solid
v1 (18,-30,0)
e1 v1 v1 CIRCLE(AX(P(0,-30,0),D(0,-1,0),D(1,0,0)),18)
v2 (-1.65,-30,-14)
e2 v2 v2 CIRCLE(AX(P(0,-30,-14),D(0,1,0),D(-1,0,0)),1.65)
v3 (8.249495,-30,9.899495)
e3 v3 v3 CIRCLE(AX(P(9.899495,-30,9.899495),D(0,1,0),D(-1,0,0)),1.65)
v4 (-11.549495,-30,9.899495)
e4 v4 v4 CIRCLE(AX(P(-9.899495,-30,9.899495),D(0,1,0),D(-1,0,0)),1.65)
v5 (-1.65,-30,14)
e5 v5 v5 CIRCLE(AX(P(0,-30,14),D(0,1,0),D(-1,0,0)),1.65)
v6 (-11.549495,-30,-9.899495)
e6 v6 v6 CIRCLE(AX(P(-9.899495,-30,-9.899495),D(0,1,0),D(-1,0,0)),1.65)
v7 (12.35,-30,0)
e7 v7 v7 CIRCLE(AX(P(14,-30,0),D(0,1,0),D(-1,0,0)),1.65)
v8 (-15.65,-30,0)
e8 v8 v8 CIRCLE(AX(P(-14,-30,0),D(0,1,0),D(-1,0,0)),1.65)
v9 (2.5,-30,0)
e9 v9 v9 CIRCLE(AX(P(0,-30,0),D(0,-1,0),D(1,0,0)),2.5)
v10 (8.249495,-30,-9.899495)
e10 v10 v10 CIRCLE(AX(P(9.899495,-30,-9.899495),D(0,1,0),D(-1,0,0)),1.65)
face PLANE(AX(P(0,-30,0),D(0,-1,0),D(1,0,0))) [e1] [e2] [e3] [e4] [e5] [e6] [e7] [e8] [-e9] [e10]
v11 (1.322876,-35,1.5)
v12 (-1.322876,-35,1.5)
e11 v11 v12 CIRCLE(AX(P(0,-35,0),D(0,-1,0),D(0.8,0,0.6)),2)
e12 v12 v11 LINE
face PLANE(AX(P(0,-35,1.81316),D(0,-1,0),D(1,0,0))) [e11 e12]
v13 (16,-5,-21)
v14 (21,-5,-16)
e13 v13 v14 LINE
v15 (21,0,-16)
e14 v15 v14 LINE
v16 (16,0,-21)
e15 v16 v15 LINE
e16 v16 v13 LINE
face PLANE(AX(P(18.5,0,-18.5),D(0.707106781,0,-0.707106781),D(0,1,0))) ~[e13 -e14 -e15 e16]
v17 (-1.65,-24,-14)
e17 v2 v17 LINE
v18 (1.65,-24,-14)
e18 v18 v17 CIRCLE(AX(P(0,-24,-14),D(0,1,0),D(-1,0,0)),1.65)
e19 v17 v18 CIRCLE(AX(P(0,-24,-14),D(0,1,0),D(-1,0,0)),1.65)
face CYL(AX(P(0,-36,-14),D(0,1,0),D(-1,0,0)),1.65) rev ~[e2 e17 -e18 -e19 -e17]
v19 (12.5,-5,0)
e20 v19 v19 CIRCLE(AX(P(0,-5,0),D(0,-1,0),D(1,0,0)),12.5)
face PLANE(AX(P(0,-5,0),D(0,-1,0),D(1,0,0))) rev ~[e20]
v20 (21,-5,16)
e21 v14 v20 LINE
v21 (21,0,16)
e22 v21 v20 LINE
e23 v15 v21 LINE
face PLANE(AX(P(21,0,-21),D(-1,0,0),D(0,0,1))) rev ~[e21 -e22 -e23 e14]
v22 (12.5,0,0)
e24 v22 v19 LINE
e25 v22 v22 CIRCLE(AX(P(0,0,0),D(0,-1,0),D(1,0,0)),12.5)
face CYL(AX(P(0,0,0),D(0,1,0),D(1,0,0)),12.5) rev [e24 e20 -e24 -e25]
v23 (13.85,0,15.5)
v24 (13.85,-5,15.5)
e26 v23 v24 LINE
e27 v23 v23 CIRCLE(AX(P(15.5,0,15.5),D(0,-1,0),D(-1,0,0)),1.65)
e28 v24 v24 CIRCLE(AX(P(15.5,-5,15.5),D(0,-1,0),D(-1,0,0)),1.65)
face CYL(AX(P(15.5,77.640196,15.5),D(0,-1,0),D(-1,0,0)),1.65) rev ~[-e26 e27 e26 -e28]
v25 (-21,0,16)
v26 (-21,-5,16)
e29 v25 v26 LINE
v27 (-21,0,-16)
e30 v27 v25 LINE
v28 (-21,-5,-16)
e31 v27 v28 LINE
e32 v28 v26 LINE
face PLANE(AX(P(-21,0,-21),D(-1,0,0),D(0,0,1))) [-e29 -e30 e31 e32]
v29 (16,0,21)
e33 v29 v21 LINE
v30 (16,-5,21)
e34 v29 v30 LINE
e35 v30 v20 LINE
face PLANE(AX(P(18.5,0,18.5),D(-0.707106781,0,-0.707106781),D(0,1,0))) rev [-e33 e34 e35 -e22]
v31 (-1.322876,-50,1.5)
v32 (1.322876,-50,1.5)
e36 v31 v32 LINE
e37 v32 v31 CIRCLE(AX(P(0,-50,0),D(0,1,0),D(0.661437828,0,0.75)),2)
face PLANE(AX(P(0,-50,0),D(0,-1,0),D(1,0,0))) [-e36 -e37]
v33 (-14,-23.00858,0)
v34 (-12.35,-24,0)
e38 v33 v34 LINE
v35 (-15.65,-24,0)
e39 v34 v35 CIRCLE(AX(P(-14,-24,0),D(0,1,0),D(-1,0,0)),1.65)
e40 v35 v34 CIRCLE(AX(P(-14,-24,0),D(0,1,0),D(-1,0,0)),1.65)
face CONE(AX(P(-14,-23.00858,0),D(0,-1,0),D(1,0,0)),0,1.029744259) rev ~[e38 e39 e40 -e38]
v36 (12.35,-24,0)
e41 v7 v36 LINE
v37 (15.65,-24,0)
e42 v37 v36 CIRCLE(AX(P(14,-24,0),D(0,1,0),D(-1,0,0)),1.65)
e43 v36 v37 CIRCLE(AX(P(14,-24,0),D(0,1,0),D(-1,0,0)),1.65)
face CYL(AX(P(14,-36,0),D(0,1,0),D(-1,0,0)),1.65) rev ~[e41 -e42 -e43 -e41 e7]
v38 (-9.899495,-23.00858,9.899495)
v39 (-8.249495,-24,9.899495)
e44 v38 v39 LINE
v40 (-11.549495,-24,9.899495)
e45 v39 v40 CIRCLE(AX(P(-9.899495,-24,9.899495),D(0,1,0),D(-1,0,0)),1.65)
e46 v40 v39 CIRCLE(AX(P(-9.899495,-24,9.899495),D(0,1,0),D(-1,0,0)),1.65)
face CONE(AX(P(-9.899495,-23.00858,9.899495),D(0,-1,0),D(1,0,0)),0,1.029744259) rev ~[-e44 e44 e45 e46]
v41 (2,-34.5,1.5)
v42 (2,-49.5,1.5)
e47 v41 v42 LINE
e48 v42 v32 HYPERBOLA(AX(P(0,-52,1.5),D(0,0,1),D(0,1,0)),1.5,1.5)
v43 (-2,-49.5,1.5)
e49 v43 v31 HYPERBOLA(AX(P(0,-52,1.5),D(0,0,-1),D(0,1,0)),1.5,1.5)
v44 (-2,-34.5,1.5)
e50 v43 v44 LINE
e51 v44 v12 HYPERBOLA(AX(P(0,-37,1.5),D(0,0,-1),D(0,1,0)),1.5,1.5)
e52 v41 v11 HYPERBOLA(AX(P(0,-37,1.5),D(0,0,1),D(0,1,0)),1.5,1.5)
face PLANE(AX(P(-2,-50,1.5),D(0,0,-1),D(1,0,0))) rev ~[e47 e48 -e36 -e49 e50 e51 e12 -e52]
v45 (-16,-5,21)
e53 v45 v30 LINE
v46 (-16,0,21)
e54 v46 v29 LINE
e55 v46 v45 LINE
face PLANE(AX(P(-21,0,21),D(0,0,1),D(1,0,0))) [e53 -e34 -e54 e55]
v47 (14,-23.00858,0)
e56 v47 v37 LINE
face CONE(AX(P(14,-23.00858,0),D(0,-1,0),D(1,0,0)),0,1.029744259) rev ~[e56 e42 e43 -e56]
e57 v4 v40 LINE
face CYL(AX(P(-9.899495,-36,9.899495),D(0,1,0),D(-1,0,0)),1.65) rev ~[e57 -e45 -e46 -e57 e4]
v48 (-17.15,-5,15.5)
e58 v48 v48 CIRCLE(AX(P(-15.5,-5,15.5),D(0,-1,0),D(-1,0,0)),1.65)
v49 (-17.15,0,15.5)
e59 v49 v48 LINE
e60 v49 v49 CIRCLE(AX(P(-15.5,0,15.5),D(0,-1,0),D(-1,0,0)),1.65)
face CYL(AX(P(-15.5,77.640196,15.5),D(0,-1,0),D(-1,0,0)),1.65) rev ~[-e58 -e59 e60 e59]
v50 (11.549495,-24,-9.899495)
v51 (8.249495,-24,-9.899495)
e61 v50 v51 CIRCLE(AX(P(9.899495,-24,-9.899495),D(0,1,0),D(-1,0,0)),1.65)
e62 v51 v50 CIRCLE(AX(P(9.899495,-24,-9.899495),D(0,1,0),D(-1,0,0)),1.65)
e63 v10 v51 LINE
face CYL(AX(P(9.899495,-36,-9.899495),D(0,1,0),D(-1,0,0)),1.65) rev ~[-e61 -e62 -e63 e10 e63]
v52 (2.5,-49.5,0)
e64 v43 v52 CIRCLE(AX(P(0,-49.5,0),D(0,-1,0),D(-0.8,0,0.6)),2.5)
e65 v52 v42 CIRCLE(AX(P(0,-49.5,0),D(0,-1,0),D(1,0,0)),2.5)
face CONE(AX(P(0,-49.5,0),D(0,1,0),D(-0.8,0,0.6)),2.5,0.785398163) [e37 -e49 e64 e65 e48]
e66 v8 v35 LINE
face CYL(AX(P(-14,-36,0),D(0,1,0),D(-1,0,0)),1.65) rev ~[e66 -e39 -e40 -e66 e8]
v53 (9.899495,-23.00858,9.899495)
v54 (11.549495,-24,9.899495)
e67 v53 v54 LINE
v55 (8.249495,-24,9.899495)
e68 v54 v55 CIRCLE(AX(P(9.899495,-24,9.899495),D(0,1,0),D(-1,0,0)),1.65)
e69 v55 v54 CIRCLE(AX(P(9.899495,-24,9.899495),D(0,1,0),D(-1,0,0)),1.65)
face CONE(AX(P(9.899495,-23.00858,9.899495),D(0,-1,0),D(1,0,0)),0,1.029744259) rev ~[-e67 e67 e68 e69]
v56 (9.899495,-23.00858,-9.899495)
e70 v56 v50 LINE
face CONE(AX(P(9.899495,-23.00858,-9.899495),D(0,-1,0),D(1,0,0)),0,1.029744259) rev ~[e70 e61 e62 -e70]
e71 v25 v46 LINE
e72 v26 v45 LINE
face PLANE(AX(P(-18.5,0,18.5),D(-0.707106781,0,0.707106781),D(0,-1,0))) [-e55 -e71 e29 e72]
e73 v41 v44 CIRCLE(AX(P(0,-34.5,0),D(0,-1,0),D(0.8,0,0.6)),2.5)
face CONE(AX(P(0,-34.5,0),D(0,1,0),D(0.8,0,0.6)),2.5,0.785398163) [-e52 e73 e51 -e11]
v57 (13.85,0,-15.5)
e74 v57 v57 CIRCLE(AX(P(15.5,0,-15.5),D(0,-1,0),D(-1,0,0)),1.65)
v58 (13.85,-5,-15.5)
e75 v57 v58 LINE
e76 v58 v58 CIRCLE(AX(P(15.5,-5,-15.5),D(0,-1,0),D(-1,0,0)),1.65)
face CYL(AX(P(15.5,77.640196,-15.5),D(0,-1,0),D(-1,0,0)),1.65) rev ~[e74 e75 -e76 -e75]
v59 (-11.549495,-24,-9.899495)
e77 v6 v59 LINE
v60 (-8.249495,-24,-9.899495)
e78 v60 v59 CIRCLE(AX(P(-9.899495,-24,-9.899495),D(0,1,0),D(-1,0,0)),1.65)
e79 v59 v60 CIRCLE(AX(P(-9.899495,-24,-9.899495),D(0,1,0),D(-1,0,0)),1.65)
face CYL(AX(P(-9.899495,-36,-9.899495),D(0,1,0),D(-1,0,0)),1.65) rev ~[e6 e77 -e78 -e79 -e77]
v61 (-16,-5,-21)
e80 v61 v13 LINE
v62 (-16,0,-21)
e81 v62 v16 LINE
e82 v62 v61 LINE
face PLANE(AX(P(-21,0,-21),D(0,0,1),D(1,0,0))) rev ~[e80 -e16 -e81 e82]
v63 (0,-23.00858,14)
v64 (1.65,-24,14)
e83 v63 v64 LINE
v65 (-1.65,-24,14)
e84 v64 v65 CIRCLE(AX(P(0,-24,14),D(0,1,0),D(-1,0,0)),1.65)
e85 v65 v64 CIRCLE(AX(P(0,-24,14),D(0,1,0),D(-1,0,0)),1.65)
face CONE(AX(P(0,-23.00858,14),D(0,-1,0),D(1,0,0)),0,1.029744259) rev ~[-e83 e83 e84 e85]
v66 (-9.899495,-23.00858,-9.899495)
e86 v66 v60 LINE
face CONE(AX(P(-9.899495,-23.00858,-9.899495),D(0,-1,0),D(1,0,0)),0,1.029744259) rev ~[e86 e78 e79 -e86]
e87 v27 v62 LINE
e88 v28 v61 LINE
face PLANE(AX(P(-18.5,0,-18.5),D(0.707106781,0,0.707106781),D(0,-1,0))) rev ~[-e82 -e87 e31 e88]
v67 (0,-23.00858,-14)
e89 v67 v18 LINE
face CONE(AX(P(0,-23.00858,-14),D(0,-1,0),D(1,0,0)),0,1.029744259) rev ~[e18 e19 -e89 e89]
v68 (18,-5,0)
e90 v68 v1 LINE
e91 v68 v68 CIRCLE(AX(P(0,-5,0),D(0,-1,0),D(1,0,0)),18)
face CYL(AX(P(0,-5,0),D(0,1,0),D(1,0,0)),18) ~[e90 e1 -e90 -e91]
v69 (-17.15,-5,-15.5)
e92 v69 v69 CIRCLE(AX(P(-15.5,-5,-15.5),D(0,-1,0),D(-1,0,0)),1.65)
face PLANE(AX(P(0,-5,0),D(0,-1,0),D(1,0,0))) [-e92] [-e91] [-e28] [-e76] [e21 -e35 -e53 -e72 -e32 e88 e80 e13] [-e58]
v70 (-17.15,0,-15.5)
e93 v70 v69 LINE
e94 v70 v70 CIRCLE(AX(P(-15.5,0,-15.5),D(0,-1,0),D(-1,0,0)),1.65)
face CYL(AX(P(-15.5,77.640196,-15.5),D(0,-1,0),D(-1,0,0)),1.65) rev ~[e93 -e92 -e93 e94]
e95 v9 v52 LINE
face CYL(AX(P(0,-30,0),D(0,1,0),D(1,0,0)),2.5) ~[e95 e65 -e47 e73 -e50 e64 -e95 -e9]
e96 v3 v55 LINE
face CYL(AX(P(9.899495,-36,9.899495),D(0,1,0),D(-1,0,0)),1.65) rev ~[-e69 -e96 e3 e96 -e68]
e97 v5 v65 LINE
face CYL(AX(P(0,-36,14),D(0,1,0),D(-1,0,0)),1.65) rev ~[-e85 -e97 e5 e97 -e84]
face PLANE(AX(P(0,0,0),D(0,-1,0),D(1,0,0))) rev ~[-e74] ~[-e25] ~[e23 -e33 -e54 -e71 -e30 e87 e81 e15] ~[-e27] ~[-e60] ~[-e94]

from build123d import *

# Parameters (mm, degrees)
F0_W     = 42
F0_H     = 42
F0_R     = 12.5
F1_DEPTH = 5
F2_R     = 18
F2_R_2   = 12.5
F3_DEPTH = 25
F4_R     = 2.5
F5_DEPTH = 20
F7_DEPTH = 15
F8_D     = 3.3
F9_D     = 3.3
F9_DEPTH = 6
F9_TIP   = 0.9914200214
F10_SIZE = 5
F11_SIZE = 0.5


with BuildPart() as f1:
    # F0 (on Front) → F1 (new body)
    with BuildSketch(Plane.XZ):
        Rectangle(F0_W, F0_H)
        Circle(F0_R, mode=Mode.SUBTRACT)
    extrude(amount=F1_DEPTH)

    # F2 (on face) → F3 (join)
    with BuildSketch(Plane.XZ.offset(5)):
        Circle(F2_R)
        Circle(F2_R_2, mode=Mode.SUBTRACT)
        Circle(F2_R_2)
    extrude(amount=F3_DEPTH)

    # F4 (on face) → F5 (join)
    with BuildSketch(Plane.XZ.offset(30)):
        Circle(F4_R)
    extrude(amount=F5_DEPTH)

    # F6 (on face) → F7 (cut)
    with BuildSketch(Plane.XZ.offset(50)):
        with BuildLine():
            Line((-2, 1.5), (2, 1.5))
            ThreePointArc((2, 1.5), (0, 2.5), (-2, 1.5))
        make_face()
    extrude(amount=-F7_DEPTH, mode=Mode.SUBTRACT)

    # F8 (through all)
    with Locations(Plane(origin=(0, 0, 0), x_dir=(1, 0, 0), z_dir=(0, 1, 0))):
        with Locations((-15.5, -15.5), (15.5, -15.5), (-15.5, 15.5), (15.5, 15.5)):
            Hole(F8_D / 2)

    # F9
    with Locations(Plane.XZ.offset(30)):
        with Locations((0, 14), (-14, 0), (0, -14), (14, 0), (-9.8994949366, 9.8994949366), (-9.8994949366, -9.8994949366), (9.8994949366, -9.8994949366), (9.8994949366, 9.8994949366)):
            Hole(F9_D / 2, depth=F9_DEPTH)
            with Locations((0, 0, -(F9_DEPTH + F9_TIP / 2))):  # 118° drill point
                Cone(0, F9_D / 2, F9_TIP, mode=Mode.SUBTRACT)

    # F10
    f10_edges = [f1.edges().sort_by_distance(p)[0] for p in [
        (-21, -2.5, 21),
        (21, -2.5, 21),
        (-21, -2.5, -21),
        (21, -2.5, -21),
    ]]
    chamfer(f10_edges, length=F10_SIZE)

    # F11
    f11_edges = [f1.edges().sort_by_distance(p)[0] for p in [
        (-0.790569, -50, -2.371708),
        (0, -35, 2.5),
    ]]
    chamfer(f11_edges, length=F11_SIZE)


solid = f1.part
